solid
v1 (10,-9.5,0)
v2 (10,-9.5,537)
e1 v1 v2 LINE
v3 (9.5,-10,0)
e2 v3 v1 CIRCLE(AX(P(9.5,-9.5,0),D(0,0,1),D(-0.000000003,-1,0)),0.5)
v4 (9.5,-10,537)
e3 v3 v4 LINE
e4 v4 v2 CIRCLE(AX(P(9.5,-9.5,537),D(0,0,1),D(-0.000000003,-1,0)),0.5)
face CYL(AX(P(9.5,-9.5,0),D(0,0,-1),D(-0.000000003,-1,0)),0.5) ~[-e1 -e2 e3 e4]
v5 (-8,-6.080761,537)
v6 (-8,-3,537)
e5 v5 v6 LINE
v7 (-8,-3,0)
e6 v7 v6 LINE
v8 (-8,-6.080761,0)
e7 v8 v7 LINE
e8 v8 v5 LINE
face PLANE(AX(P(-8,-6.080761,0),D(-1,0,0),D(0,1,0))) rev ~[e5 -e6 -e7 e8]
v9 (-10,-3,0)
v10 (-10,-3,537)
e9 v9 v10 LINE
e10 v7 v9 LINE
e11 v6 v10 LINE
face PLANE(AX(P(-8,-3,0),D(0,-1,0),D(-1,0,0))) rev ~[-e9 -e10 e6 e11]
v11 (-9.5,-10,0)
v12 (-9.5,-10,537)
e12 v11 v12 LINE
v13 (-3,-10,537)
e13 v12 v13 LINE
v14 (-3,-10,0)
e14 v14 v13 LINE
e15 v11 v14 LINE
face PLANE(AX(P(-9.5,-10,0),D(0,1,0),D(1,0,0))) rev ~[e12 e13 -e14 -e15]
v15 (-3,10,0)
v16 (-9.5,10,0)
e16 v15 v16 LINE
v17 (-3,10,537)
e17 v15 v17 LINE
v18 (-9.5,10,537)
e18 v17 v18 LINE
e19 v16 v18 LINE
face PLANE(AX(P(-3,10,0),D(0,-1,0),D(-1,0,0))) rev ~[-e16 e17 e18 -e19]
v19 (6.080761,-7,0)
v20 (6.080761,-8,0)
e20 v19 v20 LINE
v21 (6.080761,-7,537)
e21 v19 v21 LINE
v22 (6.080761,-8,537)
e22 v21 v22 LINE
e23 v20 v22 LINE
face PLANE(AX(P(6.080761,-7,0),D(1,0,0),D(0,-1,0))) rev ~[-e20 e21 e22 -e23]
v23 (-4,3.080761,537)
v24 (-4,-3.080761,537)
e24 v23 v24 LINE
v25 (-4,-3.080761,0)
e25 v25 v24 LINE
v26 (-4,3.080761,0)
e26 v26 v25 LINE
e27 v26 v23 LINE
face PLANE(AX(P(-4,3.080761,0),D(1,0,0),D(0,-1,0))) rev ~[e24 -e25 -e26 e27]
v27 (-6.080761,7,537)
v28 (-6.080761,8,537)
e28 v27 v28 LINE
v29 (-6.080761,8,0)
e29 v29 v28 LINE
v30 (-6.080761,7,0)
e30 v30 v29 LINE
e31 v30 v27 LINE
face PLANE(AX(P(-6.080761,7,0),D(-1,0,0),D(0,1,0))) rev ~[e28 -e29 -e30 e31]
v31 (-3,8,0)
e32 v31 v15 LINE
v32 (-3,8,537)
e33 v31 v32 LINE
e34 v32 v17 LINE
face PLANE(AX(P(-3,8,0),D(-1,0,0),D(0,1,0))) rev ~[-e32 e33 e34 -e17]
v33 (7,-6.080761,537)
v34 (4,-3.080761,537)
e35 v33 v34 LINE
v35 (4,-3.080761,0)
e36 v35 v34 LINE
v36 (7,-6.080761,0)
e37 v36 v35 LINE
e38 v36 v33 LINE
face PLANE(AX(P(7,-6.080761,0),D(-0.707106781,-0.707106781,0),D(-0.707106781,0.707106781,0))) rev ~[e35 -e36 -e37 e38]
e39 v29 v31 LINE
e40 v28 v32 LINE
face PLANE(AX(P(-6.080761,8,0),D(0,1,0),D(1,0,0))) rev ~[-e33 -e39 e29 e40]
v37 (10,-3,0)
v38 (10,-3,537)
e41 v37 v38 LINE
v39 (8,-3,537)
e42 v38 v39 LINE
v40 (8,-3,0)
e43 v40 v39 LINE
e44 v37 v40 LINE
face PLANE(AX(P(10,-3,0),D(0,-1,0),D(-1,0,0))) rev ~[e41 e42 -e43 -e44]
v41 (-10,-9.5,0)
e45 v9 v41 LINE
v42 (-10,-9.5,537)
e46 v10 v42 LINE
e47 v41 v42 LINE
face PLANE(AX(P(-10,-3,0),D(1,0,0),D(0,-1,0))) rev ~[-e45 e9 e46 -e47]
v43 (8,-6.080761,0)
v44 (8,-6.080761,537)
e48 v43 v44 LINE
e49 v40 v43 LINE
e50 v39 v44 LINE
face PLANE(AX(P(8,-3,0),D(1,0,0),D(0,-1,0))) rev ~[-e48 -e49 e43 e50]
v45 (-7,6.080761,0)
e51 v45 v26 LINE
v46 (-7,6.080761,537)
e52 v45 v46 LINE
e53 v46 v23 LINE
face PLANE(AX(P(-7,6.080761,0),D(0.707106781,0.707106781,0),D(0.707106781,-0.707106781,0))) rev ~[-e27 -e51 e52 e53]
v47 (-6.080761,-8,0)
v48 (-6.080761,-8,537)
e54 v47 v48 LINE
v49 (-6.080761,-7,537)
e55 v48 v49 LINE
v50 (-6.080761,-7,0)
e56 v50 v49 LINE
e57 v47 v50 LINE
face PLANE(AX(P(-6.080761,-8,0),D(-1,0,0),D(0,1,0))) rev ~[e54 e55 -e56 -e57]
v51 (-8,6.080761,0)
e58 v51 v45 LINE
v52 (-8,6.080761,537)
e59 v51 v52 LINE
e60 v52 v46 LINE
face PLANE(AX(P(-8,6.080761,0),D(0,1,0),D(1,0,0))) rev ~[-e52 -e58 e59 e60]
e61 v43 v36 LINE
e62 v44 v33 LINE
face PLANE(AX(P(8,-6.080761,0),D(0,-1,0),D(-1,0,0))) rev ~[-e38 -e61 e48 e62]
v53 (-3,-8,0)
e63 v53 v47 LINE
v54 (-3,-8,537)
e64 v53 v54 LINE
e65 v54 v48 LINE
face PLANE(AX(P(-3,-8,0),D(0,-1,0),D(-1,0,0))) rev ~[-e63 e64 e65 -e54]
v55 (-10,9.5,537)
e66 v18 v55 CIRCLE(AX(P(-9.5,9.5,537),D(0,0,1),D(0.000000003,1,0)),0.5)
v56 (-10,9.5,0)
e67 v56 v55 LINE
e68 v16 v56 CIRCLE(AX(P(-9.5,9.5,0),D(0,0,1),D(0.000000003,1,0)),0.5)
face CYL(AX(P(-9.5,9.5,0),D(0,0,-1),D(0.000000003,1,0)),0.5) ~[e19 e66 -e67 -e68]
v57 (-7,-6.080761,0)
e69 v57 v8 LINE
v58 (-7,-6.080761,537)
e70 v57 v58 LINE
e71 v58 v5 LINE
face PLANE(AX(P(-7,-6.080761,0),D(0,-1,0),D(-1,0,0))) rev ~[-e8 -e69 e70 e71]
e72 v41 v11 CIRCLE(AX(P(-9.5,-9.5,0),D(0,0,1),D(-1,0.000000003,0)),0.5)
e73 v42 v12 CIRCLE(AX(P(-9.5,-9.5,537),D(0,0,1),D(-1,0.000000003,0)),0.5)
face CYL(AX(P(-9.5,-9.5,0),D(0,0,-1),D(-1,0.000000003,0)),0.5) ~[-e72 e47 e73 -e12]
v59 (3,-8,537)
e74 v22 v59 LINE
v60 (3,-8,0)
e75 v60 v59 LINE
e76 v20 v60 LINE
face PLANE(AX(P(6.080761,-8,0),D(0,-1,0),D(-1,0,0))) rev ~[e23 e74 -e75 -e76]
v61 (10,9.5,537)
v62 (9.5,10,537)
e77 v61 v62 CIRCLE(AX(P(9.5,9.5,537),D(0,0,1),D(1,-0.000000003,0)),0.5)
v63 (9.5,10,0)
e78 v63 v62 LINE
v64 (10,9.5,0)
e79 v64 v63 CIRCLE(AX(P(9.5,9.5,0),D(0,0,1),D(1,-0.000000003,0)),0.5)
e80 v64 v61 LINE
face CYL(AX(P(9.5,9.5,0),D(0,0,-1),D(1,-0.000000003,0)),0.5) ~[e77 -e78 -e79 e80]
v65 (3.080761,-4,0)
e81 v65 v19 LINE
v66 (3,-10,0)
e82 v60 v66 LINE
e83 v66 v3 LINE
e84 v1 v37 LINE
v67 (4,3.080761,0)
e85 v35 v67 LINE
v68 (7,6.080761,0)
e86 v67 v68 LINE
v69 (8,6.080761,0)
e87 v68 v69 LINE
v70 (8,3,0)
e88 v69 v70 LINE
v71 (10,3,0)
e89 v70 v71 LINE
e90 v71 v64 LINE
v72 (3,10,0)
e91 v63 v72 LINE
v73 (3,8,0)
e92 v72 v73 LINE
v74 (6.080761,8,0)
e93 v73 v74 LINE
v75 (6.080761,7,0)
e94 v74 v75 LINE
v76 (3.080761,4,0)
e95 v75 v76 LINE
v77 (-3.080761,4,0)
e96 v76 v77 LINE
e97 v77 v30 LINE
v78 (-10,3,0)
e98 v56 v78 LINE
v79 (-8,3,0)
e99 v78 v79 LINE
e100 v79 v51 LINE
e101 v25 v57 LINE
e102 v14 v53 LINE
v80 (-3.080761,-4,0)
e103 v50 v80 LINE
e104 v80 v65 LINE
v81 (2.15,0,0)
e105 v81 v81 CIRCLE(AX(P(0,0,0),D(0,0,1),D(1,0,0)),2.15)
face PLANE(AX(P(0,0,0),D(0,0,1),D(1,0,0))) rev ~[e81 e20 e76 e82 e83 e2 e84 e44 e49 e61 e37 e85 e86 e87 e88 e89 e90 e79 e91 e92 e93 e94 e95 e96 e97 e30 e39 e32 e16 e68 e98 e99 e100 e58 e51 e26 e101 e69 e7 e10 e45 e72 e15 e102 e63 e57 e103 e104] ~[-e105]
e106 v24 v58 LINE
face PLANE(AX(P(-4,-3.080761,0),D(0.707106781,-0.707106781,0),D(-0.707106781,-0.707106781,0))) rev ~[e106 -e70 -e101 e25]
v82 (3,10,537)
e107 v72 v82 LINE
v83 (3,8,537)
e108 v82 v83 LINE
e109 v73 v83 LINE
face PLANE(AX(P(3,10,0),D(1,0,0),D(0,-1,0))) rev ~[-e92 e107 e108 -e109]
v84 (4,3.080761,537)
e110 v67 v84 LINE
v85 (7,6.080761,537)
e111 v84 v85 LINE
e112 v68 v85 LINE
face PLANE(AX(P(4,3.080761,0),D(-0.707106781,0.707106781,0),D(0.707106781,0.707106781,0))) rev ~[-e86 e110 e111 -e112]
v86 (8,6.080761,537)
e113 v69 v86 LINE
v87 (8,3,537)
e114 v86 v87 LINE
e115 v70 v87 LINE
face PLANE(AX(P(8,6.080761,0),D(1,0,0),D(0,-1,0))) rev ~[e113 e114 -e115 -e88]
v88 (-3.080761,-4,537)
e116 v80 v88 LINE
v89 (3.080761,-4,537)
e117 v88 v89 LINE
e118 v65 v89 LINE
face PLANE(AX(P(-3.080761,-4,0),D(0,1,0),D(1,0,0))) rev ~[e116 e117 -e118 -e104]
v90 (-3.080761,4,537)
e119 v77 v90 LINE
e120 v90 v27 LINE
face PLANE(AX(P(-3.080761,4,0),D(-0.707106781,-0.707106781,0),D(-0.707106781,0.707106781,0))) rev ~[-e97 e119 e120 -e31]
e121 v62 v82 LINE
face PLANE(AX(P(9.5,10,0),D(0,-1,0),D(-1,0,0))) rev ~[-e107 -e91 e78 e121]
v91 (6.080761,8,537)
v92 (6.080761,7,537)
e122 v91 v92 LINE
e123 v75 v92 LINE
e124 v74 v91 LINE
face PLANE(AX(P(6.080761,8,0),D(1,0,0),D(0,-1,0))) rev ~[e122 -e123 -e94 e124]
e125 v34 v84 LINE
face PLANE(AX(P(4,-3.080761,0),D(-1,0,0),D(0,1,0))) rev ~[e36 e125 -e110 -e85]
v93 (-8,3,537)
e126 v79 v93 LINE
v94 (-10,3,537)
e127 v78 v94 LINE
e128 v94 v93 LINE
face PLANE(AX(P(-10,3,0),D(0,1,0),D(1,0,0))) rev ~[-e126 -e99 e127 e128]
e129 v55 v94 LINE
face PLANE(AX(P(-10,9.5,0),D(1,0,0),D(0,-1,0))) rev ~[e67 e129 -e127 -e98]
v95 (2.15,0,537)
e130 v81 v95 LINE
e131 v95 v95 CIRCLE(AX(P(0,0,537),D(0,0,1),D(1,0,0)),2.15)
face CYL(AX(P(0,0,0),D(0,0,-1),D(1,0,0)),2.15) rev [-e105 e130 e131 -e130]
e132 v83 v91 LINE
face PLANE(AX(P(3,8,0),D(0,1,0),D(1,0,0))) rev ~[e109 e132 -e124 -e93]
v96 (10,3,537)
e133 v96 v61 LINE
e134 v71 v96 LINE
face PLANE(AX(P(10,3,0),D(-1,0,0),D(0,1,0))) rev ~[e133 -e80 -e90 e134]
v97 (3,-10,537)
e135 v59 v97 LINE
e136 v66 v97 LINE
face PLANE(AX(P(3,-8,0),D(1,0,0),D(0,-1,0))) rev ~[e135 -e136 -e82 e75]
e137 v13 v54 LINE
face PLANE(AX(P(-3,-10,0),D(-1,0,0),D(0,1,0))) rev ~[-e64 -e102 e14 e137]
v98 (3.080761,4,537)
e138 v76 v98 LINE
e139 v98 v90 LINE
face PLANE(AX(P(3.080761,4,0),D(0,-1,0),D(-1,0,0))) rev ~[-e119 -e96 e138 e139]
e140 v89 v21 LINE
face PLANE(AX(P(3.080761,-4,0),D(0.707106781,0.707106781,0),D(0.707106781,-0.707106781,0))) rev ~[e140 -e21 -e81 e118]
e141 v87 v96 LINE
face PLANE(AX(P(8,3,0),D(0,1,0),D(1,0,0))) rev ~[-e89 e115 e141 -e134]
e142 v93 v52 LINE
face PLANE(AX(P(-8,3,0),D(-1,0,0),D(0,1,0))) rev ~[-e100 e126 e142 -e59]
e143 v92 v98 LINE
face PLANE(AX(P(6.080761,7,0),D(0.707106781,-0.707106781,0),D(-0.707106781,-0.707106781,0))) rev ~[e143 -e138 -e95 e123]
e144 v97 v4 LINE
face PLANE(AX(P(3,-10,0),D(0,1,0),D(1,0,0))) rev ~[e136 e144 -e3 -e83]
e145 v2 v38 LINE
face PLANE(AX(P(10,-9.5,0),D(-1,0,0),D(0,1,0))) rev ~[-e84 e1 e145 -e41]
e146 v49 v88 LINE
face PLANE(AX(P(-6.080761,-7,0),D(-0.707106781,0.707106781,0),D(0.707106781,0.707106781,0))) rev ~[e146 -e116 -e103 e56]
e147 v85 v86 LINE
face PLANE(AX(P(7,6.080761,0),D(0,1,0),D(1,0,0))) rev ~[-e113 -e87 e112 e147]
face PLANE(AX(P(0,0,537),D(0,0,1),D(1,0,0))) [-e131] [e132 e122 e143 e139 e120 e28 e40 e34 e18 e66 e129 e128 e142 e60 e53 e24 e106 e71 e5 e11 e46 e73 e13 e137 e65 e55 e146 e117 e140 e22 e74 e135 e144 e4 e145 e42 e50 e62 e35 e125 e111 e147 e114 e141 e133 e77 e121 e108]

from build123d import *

# Parameters (mm, degrees)
SKETCH1_R           = 2.15
BOSS_EXTRUDE1_DEPTH = 537


with BuildPart() as part:
    # Sketch1 → Boss-Extrude1 (new body)
    with BuildSketch(Plane.XY):
        with BuildLine():
            Line((-3, 10), (-9.5, 10))
            ThreePointArc((-9.5, 10), (-9.853553391, 9.853553391), (-10, 9.5))
            Line((-10, 9.5), (-10, 3))
            Line((-10, 3), (-8, 3))
            Line((-8, 3), (-8, 6.080761184))
            Line((-8, 6.080761184), (-7, 6.080761184))
            Line((-7, 6.080761184), (-4, 3.080761184))
            Line((-4, 3.080761184), (-4, -3.080761184))
            Line((-4, -3.080761184), (-7, -6.080761184))
            Line((-7, -6.080761184), (-8, -6.080761184))
            Line((-8, -6.080761184), (-8, -3))
            Line((-8, -3), (-10, -3))
            Line((-10, -3), (-10, -9.5))
            ThreePointArc((-10, -9.5), (-9.853553391, -9.853553391), (-9.5, -10))
            Line((-9.5, -10), (-3, -10))
            Line((-3, -10), (-3, -8))
            Line((-3, -8), (-6.080761184, -8))
            Line((-6.080761184, -8), (-6.080761184, -7))
            Line((-6.080761184, -7), (-3.080761184, -4))
            Line((-3.080761184, -4), (3.080761184, -4))
            Line((3.080761184, -4), (6.080761184, -7))
            Line((6.080761184, -7), (6.080761184, -8))
            Line((6.080761184, -8), (3, -8))
            Line((3, -8), (3, -10))
            Line((3, -10), (9.5, -10))
            ThreePointArc((9.5, -10), (9.853553391, -9.853553391), (10, -9.5))
            Line((10, -9.5), (10, -3))
            Line((10, -3), (8, -3))
            Line((8, -3), (8, -6.080761184))
            Line((8, -6.080761184), (7, -6.080761184))
            Line((7, -6.080761184), (4, -3.080761184))
            Line((4, -3.080761184), (4, 3.080761184))
            Line((4, 3.080761184), (7, 6.080761184))
            Line((7, 6.080761184), (8, 6.080761184))
            Line((8, 6.080761184), (8, 3))
            Line((8, 3), (10, 3))
            Line((10, 3), (10, 9.5))
            ThreePointArc((10, 9.5), (9.853553391, 9.853553391), (9.5, 10))
            Line((9.5, 10), (3, 10))
            Line((3, 10), (3, 8))
            Line((3, 8), (6.080761184, 8))
            Line((6.080761184, 8), (6.080761184, 7))
            Line((6.080761184, 7), (3.080761184, 4))
            Line((3.080761184, 4), (-3.080761184, 4))
            Line((-3.080761184, 4), (-6.080761184, 7))
            Line((-6.080761184, 7), (-6.080761184, 8))
            Line((-6.080761184, 8), (-3, 8))
            Line((-3, 8), (-3, 10))
        make_face()
        Circle(SKETCH1_R, mode=Mode.SUBTRACT)
    extrude(amount=BOSS_EXTRUDE1_DEPTH)


solid = part.part
